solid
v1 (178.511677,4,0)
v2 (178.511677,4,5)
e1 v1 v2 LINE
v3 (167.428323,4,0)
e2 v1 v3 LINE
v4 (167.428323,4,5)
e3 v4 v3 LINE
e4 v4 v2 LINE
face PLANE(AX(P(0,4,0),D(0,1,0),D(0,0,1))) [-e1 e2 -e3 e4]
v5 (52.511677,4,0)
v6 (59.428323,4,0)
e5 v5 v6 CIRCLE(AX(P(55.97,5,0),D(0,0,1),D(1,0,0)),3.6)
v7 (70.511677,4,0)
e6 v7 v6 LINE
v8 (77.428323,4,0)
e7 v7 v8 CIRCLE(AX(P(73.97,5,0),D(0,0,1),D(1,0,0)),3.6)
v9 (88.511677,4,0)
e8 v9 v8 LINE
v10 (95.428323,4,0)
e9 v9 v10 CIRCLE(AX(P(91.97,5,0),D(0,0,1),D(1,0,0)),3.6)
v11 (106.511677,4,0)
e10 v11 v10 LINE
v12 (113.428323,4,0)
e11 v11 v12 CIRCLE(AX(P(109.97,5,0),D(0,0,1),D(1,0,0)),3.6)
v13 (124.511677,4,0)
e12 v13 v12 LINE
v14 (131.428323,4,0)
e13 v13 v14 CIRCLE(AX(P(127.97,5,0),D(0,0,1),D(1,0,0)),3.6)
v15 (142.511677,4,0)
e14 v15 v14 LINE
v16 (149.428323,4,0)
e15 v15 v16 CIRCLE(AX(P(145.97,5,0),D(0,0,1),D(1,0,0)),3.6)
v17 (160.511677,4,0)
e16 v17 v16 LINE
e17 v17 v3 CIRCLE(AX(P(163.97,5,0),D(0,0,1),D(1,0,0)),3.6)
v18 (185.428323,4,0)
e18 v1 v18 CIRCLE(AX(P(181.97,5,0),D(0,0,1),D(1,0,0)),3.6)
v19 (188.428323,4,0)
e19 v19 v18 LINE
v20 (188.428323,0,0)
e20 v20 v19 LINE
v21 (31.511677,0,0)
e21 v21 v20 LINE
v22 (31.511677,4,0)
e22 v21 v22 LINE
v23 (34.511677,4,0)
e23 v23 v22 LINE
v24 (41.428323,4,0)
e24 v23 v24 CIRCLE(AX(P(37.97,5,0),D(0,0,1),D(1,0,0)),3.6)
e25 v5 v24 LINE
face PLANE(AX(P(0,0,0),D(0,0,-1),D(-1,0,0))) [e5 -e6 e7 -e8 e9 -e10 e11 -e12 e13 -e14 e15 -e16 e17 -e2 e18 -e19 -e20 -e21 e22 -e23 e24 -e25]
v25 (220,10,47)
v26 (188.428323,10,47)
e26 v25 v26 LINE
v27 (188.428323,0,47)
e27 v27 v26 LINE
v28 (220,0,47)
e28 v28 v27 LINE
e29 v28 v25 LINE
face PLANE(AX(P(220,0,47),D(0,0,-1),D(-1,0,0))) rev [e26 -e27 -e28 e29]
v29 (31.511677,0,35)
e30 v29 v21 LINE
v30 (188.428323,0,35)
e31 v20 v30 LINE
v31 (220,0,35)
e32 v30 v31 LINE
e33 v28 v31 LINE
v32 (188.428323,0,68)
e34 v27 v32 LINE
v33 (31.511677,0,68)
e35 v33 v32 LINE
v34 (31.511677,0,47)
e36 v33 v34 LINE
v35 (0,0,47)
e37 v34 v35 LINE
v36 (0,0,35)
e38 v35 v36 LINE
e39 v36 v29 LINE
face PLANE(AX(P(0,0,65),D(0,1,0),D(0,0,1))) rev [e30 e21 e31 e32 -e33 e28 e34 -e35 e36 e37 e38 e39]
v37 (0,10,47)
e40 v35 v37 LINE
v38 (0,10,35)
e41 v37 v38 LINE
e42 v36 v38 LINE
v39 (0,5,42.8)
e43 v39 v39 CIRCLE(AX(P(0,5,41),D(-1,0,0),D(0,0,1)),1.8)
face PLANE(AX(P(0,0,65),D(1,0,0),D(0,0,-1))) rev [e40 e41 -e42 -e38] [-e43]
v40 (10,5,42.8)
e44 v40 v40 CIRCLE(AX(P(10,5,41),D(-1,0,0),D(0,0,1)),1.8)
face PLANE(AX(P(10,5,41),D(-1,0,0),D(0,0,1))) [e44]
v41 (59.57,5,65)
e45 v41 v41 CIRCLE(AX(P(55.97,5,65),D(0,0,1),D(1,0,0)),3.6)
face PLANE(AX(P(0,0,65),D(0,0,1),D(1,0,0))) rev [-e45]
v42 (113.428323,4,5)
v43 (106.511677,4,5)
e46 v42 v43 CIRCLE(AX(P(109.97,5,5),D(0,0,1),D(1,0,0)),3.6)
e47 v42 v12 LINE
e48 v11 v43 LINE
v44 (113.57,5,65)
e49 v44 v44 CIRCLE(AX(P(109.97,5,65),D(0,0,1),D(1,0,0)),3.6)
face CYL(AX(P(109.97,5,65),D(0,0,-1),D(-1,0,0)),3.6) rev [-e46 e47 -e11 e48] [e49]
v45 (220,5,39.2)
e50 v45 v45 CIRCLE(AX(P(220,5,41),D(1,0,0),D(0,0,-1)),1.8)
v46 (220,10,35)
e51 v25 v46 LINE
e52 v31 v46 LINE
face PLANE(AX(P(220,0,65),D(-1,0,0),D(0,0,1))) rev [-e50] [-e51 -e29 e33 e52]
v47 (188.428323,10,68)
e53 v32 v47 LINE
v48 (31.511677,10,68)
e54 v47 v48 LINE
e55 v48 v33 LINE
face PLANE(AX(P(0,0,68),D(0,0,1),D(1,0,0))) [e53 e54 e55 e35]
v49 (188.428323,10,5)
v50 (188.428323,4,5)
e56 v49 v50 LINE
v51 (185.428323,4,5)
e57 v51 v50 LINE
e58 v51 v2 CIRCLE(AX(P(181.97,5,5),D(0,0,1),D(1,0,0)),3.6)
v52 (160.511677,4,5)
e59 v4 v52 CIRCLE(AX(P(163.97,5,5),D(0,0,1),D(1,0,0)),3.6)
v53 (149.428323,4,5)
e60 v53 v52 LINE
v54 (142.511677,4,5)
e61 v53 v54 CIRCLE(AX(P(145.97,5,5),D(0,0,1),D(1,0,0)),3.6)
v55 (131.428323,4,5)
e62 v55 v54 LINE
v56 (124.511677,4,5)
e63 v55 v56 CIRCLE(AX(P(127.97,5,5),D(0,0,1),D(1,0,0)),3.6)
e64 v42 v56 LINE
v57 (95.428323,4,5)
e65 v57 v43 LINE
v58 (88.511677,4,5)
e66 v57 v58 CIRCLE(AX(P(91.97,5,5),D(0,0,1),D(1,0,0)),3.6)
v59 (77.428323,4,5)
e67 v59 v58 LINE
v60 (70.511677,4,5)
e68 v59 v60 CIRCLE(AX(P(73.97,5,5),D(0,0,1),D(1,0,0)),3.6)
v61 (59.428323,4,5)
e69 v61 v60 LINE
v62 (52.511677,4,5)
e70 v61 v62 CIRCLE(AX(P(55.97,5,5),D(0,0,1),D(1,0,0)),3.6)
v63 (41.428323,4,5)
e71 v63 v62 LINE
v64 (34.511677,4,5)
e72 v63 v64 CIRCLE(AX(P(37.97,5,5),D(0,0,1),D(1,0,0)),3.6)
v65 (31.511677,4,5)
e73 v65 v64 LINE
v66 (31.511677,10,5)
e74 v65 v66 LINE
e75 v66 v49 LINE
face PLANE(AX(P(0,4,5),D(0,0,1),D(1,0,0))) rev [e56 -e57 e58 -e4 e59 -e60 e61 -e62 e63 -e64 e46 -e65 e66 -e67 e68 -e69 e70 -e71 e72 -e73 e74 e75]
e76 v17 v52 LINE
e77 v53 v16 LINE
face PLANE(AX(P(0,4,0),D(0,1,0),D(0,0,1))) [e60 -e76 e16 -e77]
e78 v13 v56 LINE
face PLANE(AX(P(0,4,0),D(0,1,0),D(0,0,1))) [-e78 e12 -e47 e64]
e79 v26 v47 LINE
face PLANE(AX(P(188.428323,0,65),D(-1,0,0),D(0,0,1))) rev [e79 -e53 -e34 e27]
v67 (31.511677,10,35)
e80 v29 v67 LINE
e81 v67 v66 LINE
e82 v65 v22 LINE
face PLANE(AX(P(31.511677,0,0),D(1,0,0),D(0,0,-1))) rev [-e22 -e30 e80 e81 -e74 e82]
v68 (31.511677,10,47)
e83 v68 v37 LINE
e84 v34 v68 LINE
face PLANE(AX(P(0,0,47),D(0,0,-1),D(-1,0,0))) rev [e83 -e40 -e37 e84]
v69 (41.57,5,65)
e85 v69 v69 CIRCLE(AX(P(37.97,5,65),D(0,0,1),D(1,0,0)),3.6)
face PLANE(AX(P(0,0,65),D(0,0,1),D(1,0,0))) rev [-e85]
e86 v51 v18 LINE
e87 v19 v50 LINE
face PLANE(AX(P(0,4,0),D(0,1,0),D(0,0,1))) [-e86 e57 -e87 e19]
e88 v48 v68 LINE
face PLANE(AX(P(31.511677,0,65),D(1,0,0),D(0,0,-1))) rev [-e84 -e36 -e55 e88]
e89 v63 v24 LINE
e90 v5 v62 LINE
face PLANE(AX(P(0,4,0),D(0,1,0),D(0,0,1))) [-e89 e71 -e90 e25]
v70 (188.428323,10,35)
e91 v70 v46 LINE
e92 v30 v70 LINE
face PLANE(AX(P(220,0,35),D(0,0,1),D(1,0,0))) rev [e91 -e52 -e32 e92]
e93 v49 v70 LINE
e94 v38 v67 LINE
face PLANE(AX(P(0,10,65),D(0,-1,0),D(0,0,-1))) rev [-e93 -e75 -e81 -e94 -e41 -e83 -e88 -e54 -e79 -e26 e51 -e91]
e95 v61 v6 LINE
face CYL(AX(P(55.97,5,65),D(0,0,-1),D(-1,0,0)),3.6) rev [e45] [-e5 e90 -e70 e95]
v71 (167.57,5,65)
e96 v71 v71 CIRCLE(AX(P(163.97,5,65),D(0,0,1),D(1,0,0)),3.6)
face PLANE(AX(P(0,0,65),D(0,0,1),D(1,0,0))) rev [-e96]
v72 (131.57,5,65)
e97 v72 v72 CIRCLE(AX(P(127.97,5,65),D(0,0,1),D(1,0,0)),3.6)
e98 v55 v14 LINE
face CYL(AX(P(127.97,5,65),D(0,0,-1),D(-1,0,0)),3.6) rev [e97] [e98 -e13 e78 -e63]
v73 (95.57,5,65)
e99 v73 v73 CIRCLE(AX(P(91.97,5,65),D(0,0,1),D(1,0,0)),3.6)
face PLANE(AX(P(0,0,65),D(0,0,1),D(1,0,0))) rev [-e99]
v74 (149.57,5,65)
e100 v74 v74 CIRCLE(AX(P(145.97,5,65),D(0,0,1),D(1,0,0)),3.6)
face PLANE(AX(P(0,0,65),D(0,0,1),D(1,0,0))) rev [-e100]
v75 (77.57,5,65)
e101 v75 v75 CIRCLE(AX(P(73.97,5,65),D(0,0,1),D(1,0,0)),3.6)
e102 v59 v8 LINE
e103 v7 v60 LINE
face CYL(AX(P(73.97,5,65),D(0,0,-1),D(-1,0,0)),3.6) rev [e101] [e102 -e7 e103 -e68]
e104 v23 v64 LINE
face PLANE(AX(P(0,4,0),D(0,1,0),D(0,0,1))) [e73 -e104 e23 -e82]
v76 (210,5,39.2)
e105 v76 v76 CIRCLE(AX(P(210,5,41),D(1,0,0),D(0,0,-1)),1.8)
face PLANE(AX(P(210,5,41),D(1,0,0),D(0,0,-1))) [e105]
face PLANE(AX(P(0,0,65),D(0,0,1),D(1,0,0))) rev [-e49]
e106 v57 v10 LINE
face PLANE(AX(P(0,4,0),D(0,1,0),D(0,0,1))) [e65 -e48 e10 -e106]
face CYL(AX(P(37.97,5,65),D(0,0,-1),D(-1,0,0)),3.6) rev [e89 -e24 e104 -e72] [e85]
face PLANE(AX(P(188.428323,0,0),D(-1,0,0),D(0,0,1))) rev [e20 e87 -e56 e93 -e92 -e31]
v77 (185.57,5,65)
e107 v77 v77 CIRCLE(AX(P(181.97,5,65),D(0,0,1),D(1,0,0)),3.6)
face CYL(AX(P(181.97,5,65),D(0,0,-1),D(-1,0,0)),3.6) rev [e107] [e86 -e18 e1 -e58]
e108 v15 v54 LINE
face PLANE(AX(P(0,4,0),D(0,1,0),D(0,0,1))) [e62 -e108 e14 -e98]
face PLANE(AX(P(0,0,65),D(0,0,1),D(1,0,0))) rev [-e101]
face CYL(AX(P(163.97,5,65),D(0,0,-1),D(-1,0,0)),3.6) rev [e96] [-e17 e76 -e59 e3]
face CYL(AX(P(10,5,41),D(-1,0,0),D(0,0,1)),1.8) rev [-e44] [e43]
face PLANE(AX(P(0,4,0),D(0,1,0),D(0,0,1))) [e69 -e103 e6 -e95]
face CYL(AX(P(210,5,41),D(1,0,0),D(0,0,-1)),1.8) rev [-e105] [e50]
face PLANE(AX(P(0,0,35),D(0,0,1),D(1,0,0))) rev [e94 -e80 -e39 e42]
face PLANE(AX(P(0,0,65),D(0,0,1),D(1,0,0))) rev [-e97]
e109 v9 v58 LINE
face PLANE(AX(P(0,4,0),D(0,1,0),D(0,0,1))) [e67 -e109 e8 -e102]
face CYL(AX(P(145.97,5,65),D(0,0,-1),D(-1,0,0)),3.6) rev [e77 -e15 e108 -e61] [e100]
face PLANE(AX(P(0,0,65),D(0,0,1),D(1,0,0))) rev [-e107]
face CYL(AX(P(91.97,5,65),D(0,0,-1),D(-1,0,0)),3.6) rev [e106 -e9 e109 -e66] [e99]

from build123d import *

# Parameters (mm, degrees)
SKETCH_1_W          = 220
SKETCH_1_H          = 10
SKETCH_1_R          = 3.6
EXTRUDE_1_DEPTH     = 65
SKETCH_2_W          = 220
SKETCH_2_H          = 5
CUT_EXTRUDE_1_DEPTH = 6
SKETCH_3_W          = 31.511676707
SKETCH_3_H          = 35
SKETCH_3_H_2        = 18
SKETCH_3_W_2        = 31.571676707
CUT_EXTRUDE_2_DEPTH = 230.619250064
SKETCH_4_R          = 1.8
CUT_EXTRUDE_3_DEPTH = 10
CUT_EXTRUDE_START   = -10
SKETCH_5_R          = 1.8
CUT_EXTRUDE_4_DEPTH = 10
SKETCH_6_W          = 156.916646586
SKETCH_6_H          = 10
EXTRUDE_2_DEPTH     = 3


with BuildPart() as part:
    # Эскиз1 → Бобышка-Вытянуть1 (new body)
    with BuildSketch(Plane.XY):
        with Locations((110, 5)):
            Rectangle(SKETCH_1_W, SKETCH_1_H)
        with Locations((37.97, 5)):
            Circle(SKETCH_1_R, mode=Mode.SUBTRACT)
        with Locations((55.97, 5)):
            Circle(SKETCH_1_R, mode=Mode.SUBTRACT)
        with Locations((73.97, 5)):
            Circle(SKETCH_1_R, mode=Mode.SUBTRACT)
        with Locations((91.97, 5)):
            Circle(SKETCH_1_R, mode=Mode.SUBTRACT)
        with Locations((109.97, 5)):
            Circle(SKETCH_1_R, mode=Mode.SUBTRACT)
        with Locations((127.97, 5)):
            Circle(SKETCH_1_R, mode=Mode.SUBTRACT)
        with Locations((145.97, 5)):
            Circle(SKETCH_1_R, mode=Mode.SUBTRACT)
        with Locations((163.97, 5)):
            Circle(SKETCH_1_R, mode=Mode.SUBTRACT)
        with Locations((181.97, 5)):
            Circle(SKETCH_1_R, mode=Mode.SUBTRACT)
    extrude(amount=EXTRUDE_1_DEPTH)

    # Эскиз2 → Вырез-Вытянуть1 (cut)
    with BuildSketch(Plane(origin=(0, 10, 0), x_dir=(1, 0, 0), z_dir=(0, 1, 0))):
        with Locations((110, -2.5)):
            Rectangle(SKETCH_2_W, SKETCH_2_H)
    extrude(amount=-CUT_EXTRUDE_1_DEPTH, mode=Mode.SUBTRACT)

    # Эскиз3 → Вырез-Вытянуть2 (cut, through all)
    with BuildSketch(Plane(origin=(0, 10, 0), x_dir=(1, 0, 0), z_dir=(0, 1, 0))):
        with Locations((15.755838354, -17.5)):
            Rectangle(SKETCH_3_W, SKETCH_3_H)
        with Locations((15.755838354, -56)):
            Rectangle(SKETCH_3_W, SKETCH_3_H_2)
        with Locations((204.214161647, -17.5)):
            Rectangle(SKETCH_3_W_2, SKETCH_3_H)
        with Locations((204.214161647, -56)):
            Rectangle(SKETCH_3_W_2, SKETCH_3_H_2)
    extrude(amount=-CUT_EXTRUDE_2_DEPTH, mode=Mode.SUBTRACT)

    # Эскиз4 → Вырез-Вытянуть3 (cut)
    with BuildSketch(Plane.ZY):
        with Locations((41, 5)):
            Circle(SKETCH_4_R)
    extrude(amount=-CUT_EXTRUDE_3_DEPTH, mode=Mode.SUBTRACT)

    # Эскиз5 → Вырез-Вытянуть4 (cut)
    with BuildSketch(Plane(origin=(220, 0, 0), x_dir=(0, 0, -1), z_dir=(1, 0, 0)).offset(CUT_EXTRUDE_START)):
        with Locations(Location((-41, 5, 0), (0, 0, 180))):
            Circle(SKETCH_5_R)
    extrude(amount=CUT_EXTRUDE_4_DEPTH, mode=Mode.SUBTRACT)

    # Эскиз6 → Бобышка-Вытянуть2 (add)
    with BuildSketch(Plane.XY.offset(65)):
        with Locations((109.97, 5)):
            Rectangle(SKETCH_6_W, SKETCH_6_H)
    extrude(amount=EXTRUDE_2_DEPTH)


solid = part.part
